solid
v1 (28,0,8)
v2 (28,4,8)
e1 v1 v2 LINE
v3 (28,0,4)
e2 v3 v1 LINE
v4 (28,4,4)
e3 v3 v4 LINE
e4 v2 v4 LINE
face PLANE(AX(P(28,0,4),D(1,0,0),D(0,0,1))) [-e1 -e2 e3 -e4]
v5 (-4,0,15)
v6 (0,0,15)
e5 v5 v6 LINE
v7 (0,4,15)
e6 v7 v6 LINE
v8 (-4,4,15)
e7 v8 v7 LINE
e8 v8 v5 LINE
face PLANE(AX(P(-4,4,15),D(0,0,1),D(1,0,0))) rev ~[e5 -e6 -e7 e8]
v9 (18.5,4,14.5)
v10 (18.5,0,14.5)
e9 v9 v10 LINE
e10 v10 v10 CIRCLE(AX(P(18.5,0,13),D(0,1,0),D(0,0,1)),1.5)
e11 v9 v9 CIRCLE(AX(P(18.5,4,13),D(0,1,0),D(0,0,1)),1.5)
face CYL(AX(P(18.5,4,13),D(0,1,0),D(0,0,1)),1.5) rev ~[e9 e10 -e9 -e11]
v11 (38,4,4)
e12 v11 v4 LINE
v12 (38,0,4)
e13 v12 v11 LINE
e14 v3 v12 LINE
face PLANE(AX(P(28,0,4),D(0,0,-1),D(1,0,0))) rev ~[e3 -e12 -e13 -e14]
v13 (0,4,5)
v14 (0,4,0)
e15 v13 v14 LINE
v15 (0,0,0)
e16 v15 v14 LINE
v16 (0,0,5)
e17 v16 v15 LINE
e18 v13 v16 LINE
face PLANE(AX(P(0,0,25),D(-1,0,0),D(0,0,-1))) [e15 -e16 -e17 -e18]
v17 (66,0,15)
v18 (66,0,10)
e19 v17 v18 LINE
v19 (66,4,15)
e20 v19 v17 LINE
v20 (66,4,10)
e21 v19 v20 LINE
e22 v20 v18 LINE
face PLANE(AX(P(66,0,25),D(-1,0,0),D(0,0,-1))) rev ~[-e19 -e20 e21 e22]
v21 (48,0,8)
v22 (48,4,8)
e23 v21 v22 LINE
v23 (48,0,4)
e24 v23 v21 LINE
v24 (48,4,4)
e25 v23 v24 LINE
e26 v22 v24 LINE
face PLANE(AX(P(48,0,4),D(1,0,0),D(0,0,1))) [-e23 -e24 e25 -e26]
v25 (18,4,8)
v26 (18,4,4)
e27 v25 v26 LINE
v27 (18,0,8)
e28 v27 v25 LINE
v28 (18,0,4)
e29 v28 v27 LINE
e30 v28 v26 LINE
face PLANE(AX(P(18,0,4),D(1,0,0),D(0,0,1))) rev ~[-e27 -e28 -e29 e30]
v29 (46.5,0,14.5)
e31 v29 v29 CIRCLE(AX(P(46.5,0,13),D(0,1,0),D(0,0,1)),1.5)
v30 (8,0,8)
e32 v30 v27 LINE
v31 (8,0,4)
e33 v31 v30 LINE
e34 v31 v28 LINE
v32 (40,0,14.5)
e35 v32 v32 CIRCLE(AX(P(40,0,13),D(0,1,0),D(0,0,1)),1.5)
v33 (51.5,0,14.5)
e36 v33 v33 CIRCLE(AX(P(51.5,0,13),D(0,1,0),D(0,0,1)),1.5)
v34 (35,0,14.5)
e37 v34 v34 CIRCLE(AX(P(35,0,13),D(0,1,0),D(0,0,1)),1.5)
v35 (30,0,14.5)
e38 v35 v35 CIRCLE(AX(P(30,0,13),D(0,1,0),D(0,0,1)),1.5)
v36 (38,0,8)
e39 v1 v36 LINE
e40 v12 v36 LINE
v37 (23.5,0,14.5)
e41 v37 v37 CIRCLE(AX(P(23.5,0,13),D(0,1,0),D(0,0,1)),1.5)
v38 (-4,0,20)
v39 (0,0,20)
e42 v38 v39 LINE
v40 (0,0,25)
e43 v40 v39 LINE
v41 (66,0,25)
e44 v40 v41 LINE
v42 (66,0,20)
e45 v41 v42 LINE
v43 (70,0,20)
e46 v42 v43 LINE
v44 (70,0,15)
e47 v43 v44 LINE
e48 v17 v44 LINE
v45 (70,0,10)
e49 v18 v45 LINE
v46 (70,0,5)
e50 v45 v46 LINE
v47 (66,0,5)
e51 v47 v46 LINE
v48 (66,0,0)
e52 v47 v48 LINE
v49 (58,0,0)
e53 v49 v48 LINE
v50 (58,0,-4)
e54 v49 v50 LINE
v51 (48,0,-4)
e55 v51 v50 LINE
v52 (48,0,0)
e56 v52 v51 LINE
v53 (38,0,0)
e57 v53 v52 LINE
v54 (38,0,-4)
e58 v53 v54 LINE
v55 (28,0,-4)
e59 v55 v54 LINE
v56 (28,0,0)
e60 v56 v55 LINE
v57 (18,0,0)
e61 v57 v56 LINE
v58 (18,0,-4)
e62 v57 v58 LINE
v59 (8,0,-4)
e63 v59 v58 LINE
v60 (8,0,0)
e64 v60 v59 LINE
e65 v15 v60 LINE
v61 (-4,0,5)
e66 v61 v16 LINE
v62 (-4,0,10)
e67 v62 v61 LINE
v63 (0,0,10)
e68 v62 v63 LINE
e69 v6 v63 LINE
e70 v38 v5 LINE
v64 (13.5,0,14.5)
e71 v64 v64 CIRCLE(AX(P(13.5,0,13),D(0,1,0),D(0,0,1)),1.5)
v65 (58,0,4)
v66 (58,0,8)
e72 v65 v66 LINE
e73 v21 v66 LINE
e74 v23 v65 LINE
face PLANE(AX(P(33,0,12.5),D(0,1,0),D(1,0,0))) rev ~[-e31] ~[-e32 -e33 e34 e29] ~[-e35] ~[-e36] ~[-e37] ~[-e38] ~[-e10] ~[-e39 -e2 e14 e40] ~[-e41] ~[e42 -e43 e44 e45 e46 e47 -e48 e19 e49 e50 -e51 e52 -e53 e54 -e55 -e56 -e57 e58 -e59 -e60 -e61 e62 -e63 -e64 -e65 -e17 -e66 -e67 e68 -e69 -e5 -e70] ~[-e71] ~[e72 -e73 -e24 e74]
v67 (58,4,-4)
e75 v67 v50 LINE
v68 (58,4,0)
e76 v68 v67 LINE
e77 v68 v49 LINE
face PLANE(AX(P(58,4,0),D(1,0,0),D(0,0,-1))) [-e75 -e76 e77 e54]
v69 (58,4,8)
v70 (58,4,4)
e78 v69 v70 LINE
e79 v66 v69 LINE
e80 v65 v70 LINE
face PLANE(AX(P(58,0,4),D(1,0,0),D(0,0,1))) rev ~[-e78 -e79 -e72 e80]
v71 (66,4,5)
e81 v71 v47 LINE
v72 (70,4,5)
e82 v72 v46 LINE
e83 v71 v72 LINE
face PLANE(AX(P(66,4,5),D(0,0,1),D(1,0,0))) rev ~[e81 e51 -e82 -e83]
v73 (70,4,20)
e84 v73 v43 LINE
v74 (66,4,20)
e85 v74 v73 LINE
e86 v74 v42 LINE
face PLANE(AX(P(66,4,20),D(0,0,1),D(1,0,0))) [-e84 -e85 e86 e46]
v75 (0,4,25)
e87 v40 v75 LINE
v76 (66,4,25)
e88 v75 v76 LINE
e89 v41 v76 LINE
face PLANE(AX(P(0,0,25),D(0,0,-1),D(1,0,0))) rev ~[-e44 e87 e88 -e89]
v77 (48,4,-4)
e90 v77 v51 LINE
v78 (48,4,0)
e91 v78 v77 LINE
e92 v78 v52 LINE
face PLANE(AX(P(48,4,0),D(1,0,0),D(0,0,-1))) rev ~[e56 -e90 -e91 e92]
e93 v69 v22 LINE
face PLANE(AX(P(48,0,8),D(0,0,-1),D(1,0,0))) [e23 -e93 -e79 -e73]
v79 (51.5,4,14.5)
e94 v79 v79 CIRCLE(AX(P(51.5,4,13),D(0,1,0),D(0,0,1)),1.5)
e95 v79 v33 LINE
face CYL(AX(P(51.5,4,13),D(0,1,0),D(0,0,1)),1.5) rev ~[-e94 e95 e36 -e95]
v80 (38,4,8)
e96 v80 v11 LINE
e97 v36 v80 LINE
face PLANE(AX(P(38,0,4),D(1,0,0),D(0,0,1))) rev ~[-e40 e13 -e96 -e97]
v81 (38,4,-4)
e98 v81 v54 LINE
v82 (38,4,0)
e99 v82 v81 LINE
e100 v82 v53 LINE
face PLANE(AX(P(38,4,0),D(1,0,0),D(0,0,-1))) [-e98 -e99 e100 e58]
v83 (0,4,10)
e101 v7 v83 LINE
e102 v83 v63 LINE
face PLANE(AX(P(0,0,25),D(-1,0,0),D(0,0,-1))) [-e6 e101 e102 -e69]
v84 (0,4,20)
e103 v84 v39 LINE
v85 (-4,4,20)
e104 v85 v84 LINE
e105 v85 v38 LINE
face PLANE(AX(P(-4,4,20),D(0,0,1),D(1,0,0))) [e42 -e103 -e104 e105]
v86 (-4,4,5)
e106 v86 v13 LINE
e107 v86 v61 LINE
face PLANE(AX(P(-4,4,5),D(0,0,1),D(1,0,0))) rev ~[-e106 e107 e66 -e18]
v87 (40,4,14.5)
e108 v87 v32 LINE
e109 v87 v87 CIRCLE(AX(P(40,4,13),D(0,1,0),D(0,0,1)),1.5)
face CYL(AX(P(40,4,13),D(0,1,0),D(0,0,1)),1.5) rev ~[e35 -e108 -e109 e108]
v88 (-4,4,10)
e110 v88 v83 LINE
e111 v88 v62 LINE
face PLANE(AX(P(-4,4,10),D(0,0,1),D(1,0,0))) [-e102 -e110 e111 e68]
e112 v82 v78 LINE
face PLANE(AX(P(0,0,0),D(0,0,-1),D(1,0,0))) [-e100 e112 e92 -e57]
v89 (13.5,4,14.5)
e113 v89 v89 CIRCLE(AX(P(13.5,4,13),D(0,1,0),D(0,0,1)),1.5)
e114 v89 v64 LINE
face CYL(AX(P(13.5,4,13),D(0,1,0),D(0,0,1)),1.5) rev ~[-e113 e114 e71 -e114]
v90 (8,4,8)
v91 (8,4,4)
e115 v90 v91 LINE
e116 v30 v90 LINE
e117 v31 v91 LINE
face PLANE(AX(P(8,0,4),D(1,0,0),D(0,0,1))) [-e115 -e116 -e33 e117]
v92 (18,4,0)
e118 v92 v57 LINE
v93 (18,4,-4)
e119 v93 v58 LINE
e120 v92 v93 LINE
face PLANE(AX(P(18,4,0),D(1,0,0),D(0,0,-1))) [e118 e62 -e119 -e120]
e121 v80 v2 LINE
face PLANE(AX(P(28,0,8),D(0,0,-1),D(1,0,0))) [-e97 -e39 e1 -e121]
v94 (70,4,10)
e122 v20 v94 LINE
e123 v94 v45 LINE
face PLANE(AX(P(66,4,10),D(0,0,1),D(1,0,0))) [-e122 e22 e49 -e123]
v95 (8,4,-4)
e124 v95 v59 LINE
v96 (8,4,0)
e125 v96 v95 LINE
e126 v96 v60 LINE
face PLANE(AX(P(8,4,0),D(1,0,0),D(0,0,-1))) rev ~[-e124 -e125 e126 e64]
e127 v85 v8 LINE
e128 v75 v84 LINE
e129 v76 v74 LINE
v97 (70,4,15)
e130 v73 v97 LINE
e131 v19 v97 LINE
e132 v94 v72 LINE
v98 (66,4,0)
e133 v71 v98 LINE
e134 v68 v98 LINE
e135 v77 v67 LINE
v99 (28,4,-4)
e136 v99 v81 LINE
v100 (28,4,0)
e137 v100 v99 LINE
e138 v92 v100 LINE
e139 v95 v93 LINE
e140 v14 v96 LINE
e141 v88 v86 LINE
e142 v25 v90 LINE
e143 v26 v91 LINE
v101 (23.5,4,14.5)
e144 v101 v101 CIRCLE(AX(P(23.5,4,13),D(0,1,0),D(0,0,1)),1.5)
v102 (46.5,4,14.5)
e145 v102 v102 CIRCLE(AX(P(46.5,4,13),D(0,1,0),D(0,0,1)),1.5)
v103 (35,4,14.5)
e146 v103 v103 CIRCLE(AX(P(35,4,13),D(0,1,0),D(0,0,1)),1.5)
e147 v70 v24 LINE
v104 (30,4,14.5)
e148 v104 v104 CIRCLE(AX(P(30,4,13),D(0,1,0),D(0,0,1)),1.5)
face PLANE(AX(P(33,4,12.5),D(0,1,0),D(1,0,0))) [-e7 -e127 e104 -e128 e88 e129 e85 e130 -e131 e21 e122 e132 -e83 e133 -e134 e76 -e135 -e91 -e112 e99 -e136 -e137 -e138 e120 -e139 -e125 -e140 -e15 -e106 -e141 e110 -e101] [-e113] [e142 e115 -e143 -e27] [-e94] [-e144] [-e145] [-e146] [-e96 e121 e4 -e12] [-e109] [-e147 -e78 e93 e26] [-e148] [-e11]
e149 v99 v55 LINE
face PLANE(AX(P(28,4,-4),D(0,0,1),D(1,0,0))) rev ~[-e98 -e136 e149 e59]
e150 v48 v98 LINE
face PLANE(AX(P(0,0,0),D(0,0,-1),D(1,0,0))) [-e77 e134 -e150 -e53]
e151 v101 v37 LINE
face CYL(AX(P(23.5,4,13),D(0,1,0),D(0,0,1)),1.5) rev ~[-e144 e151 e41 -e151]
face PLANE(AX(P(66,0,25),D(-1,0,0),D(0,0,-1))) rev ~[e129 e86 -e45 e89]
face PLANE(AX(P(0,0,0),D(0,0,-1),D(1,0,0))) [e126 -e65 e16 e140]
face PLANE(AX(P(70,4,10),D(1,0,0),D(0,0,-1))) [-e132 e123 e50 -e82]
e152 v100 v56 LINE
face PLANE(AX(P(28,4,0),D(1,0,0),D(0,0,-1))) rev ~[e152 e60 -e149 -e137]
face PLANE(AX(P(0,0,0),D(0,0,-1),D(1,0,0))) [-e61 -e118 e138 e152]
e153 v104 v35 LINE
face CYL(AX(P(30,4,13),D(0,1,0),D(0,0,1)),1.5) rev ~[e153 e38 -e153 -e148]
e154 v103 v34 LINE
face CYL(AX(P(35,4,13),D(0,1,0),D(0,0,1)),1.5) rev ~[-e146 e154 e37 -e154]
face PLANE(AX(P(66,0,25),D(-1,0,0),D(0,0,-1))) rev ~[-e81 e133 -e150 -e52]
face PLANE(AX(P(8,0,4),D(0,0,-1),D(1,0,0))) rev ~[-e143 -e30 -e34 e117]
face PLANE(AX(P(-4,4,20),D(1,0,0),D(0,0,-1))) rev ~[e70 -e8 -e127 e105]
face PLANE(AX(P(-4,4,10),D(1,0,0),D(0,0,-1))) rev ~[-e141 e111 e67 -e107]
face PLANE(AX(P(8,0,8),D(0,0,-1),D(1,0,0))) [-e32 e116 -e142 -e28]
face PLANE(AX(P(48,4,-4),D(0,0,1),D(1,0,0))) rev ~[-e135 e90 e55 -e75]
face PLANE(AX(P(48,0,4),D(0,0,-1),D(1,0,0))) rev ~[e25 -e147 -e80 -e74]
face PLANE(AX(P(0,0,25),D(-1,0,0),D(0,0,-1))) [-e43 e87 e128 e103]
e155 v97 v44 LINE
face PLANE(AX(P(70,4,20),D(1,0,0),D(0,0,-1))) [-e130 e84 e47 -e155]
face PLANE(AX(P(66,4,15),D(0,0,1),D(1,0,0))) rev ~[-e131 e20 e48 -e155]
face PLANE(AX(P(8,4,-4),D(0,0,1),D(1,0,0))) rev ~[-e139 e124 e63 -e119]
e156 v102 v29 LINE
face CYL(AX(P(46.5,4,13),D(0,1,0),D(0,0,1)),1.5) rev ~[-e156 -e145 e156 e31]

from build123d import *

# Parameters (mm, degrees)
SKETCH1_W           = 66
SKETCH1_H           = 25
BOSS_EXTRUDE1_DEPTH = 4
SKETCH2_W           = 4
SKETCH2_H           = 5
BOSS_EXTRUDE2_DEPTH = 4
LPATTERN1_COUNT     = 2
LPATTERN1_PITCH     = 10
SKETCH3_W           = 10
SKETCH3_H           = 4
BOSS_EXTRUDE3_DEPTH = 4
LPATTERN2_COUNT     = 2
LPATTERN2_PITCH     = 20
LPATTERN2_COL_COUNT = 2
LPATTERN2_COL_PITCH = 20
SKETCH4_W           = 10
SKETCH4_H           = 4
CUT_EXTRUDE1_DEPTH  = 75.437893576
SKETCH8_R           = 1.5
CUT_EXTRUDE4_DEPTH  = 75.437893576


with BuildPart() as part:
    # Sketch1 → Boss-Extrude1 (new body)
    with BuildSketch(Plane(origin=(0, 0, 0), x_dir=(1, 0, 0), z_dir=(0, 1, 0))):
        with Locations((33, -12.5)):
            Rectangle(SKETCH1_W, SKETCH1_H)
    extrude(amount=BOSS_EXTRUDE1_DEPTH)

    # Sketch2 → Boss-Extrude2 (add, through all)
    with BuildSketch(Plane(origin=(0, 4, 0), x_dir=(1, 0, 0), z_dir=(0, 1, 0))):
        with Locations((-2, -17.5)):
            Rectangle(SKETCH2_W, SKETCH2_H)
        with Locations((68, -17.5)):
            Rectangle(SKETCH2_W, SKETCH2_H)
    boss_extrude2 = extrude(amount=-BOSS_EXTRUDE2_DEPTH)

    # LPattern1: Boss-Extrude2 ×2
    with Locations(*[(0, 0, -i * LPATTERN1_PITCH) for i in range(1, LPATTERN1_COUNT)]):
        add(boss_extrude2)

    # Sketch3 → Boss-Extrude3 (add, through all)
    with BuildSketch(Plane(origin=(0, 4, 0), x_dir=(1, 0, 0), z_dir=(0, 1, 0))):
        with Locations((33, 2)):
            Rectangle(SKETCH3_W, SKETCH3_H)
    boss_extrude3 = extrude(amount=-BOSS_EXTRUDE3_DEPTH)

    # LPattern2: Boss-Extrude3 ×2
    with Locations(*[(i * LPATTERN2_PITCH, 0, 0) for i in range(1, LPATTERN2_COUNT)]):
        add(boss_extrude3)

    # LPattern2 col: Boss-Extrude3 ×2
    with Locations(*[(-i * LPATTERN2_COL_PITCH, 0, 0) for i in range(1, LPATTERN2_COL_COUNT)]):
        add(boss_extrude3)

    # Sketch4 → Cut-Extrude1 (cut, through all)
    with BuildSketch(Plane.XZ):
        with Locations((13, 6)):
            Rectangle(SKETCH4_W, SKETCH4_H)
        with Locations((33, 6)):
            Rectangle(SKETCH4_W, SKETCH4_H)
        with Locations((53, 6)):
            Rectangle(SKETCH4_W, SKETCH4_H)
    extrude(amount=-CUT_EXTRUDE1_DEPTH, mode=Mode.SUBTRACT)

    # Sketch8 → Cut-Extrude4 (cut, through all)
    with BuildSketch(Plane(origin=(0, 4, 0), x_dir=(1, 0, 0), z_dir=(0, 1, 0))):
        with Locations(Location((51.5, -13, 0), (0, 0, 270))):
            Circle(SKETCH8_R)
        with Locations(Location((46.5, -13, 0), (0, 0, 270))):
            Circle(SKETCH8_R)
        with Locations(Location((40, -13, 0), (0, 0, 270))):
            Circle(SKETCH8_R)
        with Locations(Location((35, -13, 0), (0, 0, 270))):
            Circle(SKETCH8_R)
        with Locations(Location((30, -13, 0), (0, 0, 270))):
            Circle(SKETCH8_R)
        with Locations(Location((23.5, -13, 0), (0, 0, 270))):
            Circle(SKETCH8_R)
        with Locations(Location((18.5, -13, 0), (0, 0, 270))):
            Circle(SKETCH8_R)
        with Locations(Location((13.5, -13, 0), (0, 0, 270))):
            Circle(SKETCH8_R)
    extrude(amount=-CUT_EXTRUDE4_DEPTH, mode=Mode.SUBTRACT)


solid = part.part
